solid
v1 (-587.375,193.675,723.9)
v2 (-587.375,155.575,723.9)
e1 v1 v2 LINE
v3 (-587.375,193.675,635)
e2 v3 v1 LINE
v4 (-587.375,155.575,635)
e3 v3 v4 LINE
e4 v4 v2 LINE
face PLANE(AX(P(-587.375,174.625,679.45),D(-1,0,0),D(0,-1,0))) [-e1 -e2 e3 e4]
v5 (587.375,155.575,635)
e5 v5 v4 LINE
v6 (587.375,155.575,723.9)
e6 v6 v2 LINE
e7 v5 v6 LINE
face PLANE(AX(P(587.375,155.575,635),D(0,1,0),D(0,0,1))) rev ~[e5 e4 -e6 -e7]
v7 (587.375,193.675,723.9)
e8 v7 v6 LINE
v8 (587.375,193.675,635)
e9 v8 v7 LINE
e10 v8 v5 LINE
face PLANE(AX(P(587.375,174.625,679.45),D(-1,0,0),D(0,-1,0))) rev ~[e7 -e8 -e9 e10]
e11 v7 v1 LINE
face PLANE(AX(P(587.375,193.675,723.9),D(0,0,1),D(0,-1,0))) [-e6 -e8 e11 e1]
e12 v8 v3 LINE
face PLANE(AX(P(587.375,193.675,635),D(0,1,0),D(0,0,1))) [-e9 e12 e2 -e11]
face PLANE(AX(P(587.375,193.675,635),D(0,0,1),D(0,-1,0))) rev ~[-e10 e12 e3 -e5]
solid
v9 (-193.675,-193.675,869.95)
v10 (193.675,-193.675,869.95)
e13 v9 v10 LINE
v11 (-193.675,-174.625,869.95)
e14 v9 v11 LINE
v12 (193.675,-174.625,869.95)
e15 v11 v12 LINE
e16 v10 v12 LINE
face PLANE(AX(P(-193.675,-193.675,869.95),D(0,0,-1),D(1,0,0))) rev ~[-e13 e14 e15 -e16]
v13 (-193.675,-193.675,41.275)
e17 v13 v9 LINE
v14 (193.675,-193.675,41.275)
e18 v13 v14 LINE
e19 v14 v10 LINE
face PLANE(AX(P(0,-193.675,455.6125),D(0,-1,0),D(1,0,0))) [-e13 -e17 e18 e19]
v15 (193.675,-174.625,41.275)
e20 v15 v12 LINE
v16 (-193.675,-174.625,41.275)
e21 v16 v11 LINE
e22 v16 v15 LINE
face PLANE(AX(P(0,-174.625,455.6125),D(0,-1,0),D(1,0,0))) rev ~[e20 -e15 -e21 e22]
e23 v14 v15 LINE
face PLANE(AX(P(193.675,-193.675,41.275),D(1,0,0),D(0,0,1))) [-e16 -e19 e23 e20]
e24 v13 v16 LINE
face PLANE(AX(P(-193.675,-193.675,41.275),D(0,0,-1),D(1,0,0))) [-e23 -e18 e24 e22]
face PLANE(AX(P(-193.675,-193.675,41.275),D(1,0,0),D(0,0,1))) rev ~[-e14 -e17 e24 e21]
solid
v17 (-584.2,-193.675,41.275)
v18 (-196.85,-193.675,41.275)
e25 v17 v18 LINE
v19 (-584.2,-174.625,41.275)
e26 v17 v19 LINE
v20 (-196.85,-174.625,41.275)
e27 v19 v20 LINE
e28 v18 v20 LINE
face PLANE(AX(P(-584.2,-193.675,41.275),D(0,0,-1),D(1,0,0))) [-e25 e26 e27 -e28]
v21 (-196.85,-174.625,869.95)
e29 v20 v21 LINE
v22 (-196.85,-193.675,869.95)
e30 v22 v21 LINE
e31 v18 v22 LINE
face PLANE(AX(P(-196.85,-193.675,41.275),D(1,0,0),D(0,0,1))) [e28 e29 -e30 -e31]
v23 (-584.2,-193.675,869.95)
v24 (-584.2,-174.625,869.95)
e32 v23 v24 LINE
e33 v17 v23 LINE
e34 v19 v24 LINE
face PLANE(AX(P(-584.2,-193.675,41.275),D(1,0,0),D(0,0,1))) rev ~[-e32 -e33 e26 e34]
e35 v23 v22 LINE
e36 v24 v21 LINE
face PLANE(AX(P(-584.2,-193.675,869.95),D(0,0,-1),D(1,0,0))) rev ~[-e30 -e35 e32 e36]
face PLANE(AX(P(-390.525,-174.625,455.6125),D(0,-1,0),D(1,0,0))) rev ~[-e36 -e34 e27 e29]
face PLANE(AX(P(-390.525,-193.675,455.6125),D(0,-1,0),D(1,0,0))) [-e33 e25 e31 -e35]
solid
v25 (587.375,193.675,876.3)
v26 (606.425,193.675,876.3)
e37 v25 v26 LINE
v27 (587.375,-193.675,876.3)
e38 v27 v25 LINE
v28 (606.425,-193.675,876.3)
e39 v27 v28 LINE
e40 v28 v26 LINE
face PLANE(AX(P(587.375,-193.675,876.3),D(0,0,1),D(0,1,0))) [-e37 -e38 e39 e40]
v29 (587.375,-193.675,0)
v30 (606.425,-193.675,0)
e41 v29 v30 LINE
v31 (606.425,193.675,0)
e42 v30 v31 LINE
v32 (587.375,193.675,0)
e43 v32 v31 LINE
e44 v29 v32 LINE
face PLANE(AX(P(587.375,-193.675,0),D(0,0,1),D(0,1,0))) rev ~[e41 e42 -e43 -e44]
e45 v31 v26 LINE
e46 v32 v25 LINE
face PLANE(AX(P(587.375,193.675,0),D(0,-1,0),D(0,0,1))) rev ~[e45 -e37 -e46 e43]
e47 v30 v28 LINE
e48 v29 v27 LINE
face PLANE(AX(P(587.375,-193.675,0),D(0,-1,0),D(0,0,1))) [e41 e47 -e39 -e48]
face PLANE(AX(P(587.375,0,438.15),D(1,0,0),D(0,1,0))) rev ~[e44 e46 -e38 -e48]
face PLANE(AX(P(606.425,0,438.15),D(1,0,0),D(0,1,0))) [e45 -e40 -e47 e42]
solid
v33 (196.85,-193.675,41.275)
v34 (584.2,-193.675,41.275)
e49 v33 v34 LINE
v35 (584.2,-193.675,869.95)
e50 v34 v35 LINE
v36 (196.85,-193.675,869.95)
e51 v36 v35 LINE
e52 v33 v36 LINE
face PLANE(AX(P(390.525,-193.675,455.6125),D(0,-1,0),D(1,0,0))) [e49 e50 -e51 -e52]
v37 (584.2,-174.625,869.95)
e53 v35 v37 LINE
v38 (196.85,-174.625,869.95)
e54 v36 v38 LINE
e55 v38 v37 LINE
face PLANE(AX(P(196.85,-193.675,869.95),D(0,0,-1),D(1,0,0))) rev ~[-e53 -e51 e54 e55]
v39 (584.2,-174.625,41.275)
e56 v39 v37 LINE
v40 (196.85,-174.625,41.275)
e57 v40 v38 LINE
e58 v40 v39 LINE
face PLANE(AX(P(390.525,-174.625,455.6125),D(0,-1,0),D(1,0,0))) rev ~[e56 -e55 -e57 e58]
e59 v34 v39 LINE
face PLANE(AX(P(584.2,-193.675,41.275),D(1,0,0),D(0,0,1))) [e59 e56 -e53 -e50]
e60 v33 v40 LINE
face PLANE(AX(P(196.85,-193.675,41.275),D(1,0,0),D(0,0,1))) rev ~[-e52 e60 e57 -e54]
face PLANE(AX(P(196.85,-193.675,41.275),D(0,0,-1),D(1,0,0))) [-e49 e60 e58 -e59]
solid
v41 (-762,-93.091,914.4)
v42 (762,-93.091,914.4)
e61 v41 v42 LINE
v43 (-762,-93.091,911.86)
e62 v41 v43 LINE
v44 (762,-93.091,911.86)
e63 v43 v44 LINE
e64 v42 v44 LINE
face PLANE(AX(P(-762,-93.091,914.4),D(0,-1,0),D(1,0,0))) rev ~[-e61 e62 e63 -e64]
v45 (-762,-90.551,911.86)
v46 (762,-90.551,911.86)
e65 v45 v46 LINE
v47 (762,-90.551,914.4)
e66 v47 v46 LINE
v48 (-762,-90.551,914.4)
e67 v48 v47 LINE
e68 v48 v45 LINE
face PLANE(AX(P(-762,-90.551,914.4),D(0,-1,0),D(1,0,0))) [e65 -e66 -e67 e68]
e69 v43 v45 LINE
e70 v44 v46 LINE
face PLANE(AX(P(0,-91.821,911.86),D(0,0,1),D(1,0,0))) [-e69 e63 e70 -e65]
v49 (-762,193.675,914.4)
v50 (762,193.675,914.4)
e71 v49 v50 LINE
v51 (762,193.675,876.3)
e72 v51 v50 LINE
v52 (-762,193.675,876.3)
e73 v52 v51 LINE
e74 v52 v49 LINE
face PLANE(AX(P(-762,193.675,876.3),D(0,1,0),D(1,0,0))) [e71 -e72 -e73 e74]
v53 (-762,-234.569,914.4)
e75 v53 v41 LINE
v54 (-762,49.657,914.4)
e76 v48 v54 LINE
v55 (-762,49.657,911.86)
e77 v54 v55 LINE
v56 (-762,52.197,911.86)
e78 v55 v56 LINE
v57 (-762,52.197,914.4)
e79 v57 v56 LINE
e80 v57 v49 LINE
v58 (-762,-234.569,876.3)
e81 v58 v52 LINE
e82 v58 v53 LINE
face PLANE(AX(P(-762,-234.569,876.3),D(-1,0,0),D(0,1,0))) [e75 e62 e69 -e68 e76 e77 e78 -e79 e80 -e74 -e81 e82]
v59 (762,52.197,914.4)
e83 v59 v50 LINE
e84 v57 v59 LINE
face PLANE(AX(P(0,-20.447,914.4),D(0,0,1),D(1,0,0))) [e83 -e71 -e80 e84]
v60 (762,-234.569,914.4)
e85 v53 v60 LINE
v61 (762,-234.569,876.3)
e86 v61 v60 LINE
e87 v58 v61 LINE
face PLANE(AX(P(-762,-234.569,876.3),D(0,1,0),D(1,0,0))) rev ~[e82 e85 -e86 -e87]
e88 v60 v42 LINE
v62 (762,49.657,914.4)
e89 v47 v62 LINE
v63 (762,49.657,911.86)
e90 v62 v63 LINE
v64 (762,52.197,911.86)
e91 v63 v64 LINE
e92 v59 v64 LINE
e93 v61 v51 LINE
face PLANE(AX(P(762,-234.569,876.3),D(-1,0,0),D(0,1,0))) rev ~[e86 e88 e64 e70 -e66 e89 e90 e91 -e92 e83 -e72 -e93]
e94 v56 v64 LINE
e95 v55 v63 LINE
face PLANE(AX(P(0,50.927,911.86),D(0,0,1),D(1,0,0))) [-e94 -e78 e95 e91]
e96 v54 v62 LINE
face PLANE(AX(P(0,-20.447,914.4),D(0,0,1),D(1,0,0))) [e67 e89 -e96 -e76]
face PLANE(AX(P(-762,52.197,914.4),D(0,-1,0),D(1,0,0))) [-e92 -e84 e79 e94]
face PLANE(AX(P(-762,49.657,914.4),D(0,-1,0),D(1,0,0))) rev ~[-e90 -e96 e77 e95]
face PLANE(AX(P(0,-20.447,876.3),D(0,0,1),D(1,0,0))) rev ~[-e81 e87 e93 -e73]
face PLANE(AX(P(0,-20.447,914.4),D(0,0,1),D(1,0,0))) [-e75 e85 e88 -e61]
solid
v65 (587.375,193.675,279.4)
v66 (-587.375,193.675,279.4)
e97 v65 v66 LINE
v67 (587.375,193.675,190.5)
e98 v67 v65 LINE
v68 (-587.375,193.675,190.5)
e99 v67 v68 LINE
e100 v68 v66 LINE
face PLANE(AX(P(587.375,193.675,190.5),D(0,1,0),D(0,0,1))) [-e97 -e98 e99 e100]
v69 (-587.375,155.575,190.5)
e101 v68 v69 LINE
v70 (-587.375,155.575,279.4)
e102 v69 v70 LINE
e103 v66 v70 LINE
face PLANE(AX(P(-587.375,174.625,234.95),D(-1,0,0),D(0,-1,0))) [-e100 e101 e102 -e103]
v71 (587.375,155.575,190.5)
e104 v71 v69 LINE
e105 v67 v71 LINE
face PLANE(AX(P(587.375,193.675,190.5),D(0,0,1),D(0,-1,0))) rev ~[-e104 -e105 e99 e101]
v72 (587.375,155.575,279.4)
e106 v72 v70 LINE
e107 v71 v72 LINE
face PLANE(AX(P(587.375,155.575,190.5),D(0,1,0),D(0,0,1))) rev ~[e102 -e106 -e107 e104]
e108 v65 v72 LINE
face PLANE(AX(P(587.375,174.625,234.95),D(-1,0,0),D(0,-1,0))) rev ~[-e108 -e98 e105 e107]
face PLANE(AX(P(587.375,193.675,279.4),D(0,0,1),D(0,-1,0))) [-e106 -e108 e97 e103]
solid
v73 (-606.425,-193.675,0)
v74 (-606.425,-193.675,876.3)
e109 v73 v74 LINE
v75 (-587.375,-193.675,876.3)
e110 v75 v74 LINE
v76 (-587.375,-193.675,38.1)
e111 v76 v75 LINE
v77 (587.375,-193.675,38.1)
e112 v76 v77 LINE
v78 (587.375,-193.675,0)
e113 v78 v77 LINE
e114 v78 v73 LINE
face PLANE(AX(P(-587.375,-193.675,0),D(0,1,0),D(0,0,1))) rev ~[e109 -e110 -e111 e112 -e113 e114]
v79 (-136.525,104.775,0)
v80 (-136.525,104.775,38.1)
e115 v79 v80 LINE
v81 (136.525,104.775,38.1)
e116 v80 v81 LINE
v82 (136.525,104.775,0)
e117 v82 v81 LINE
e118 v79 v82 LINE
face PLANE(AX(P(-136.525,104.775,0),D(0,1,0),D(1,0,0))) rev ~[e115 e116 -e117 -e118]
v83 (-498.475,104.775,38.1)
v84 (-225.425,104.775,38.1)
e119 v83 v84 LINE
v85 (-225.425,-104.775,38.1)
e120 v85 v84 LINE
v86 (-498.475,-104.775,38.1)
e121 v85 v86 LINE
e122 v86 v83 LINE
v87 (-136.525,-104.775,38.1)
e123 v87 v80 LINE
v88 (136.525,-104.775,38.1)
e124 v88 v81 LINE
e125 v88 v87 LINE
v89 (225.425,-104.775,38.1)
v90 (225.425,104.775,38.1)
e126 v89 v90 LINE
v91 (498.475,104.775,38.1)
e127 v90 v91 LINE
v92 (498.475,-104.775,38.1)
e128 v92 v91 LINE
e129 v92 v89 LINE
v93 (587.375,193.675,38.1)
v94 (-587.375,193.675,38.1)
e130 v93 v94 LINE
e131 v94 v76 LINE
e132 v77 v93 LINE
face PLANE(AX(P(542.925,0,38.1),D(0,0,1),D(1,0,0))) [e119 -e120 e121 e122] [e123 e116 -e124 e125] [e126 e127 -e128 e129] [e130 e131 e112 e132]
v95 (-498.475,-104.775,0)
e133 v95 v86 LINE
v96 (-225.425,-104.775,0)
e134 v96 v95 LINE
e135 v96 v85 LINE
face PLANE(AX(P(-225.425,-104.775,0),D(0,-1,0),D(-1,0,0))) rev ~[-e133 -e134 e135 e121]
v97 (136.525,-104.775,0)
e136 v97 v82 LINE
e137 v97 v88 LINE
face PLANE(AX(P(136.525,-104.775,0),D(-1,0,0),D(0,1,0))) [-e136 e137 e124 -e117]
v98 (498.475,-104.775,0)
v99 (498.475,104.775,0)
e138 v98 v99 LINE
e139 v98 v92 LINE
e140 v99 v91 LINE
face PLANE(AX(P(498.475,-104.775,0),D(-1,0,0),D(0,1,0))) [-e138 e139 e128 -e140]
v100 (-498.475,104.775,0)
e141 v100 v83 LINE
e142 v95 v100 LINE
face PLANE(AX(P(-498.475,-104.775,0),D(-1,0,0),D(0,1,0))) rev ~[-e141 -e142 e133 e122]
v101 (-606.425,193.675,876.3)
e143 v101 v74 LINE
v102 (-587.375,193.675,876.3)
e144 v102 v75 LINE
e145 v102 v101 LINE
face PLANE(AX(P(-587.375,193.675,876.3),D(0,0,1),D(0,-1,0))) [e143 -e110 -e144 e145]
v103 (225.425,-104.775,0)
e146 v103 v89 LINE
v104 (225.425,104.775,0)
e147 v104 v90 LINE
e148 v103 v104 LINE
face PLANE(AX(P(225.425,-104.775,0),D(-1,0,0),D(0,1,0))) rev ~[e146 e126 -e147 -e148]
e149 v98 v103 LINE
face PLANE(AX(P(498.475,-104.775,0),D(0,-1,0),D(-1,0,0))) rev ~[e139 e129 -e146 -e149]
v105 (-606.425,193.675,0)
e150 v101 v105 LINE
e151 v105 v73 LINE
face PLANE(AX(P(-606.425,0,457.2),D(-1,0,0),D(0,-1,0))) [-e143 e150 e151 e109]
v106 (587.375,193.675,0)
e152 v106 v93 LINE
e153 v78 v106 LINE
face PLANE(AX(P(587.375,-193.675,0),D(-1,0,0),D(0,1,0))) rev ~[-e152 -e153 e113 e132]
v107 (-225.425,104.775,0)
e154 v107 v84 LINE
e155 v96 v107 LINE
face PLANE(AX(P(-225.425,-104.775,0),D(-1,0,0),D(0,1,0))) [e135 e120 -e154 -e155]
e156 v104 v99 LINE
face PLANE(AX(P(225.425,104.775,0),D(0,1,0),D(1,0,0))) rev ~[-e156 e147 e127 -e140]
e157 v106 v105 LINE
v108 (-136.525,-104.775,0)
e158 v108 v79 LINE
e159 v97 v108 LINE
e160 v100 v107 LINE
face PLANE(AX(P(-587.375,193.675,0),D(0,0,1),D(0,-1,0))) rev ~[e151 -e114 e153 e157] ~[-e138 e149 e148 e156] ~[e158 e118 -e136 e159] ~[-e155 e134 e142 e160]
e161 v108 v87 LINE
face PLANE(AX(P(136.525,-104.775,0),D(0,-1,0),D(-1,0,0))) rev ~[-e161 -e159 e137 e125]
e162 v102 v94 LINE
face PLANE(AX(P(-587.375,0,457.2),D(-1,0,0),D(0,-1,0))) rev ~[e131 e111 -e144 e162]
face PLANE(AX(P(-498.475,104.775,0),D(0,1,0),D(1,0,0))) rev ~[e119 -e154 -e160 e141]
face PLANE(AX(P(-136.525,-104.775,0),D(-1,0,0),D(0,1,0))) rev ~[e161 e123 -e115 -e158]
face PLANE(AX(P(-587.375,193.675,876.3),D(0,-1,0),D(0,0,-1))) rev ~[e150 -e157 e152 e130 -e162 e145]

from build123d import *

# Parameters (mm, degrees)
F0_W      = 88.9
F0_H      = 209.55
F1_DEPTH  = 38.1
F2_W      = 387.35
F2_H      = 838.2
F2_H_2    = 38.1
F3_DEPTH  = 19.05
F4_W      = 387.35
F4_H      = 876.3
F5_DEPTH  = 19.05
F6_W      = 1524
F6_H      = 428.244
F7_DEPTH  = 38.1
F8_W      = 387.35
F8_H      = 828.675
F9_DEPTH  = 19.05
F10_W     = 1524
F10_H     = 2.54
F11_DEPTH = 2.54
F12_W     = 38.1
F12_H     = 88.9
F13_DEPTH = 1174.75


with BuildPart() as f1:
    # F0 (on Top) → F1 (new body)
    with BuildSketch(Plane.XY):
        with Locations((542.925, 0)):
            Rectangle(F0_W, F0_H)
        Polygon((587.375, 193.675), (-587.375, 193.675), (-587.375, 104.775), (-498.475, 104.775), (-225.425, 104.775), (-136.525, 104.775), (136.525, 104.775), (225.425, 104.775), (498.475, 104.775), (587.375, 104.775), align=None)
        with Locations((-542.925, 0)):
            Rectangle(F0_W, F0_H)
        Polygon((-498.475, -104.775), (-587.375, -104.775), (-587.375, -193.675), (587.375, -193.675), (587.375, -104.775), (498.475, -104.775), (225.425, -104.775), (136.525, -104.775), (-136.525, -104.775), (-225.425, -104.775), align=None)
        with Locations((180.975, 0)):
            Rectangle(F0_W, F0_H)
        with Locations((-180.975, 0)):
            Rectangle(F0_W, F0_H)
    extrude(amount=F1_DEPTH)

    # F2 (on face) → F3 (join)
    with BuildSketch(Plane(origin=(-587.375, 0, 0), x_dir=(0, -1, 0), z_dir=(-1, 0, 0))):
        with Locations((0, 457.2)):
            Rectangle(F2_W, F2_H)
        with Locations((0, 19.05)):
            Rectangle(F2_W, F2_H_2)
    extrude(amount=F3_DEPTH)


with BuildPart() as f5:
    # F4 (on face) → F5 (new body)
    with BuildSketch(Plane.YZ.offset(587.375)):
        with Locations((0, 438.15)):
            Rectangle(F4_W, F4_H)
    extrude(amount=F5_DEPTH)


with BuildPart() as f7:
    # F6 (on face) → F7 (new body)
    with BuildSketch(Plane.XY.offset(876.3)):
        with Locations((0, -20.447)):
            Rectangle(F6_W, F6_H)
    extrude(amount=F7_DEPTH)

    # F10 (on face) → F11 (cut)
    with BuildSketch(Plane.XY.offset(914.4)):
        with Locations((0, 50.927)):
            Rectangle(F10_W, F10_H)
        with Locations((0, -91.821)):
            Rectangle(F10_W, F10_H)
    extrude(amount=-F11_DEPTH, mode=Mode.SUBTRACT)


with BuildPart() as f9:
    # F8 (on face) → F9 (new body)
    with BuildSketch(Plane.XZ.offset(193.675)):
        with Locations((-390.525, 455.6125)):
            Rectangle(F8_W, F8_H)
    extrude(amount=-F9_DEPTH)


with BuildPart() as f9b:
    # F8 (on face) → F9, piece 2 (new body)
    with BuildSketch(Plane.XZ.offset(193.675)):
        with Locations((390.525, 455.6125)):
            Rectangle(F8_W, F8_H)
    extrude(amount=-F9_DEPTH)


with BuildPart() as f9c:
    # F8 (on face) → F9, piece 3 (new body)
    with BuildSketch(Plane.XZ.offset(193.675)):
        with Locations((0, 455.6125)):
            Rectangle(F8_W, F8_H)
    extrude(amount=-F9_DEPTH)


with BuildPart() as f13:
    # F12 (on face) → F13 (new body, through all)
    with BuildSketch(Plane(origin=(587.375, 0, 0), x_dir=(0, -1, 0), z_dir=(-1, 0, 0))):
        with Locations((-174.625, 234.95)):
            Rectangle(F12_W, F12_H)
    extrude(amount=F13_DEPTH)


with BuildPart() as f13b:
    # F12 (on face) → F13, piece 2 (new body, through all)
    with BuildSketch(Plane(origin=(587.375, 0, 0), x_dir=(0, -1, 0), z_dir=(-1, 0, 0))):
        with Locations((-174.625, 679.45)):
            Rectangle(F12_W, F12_H)
    extrude(amount=F13_DEPTH)


solid = Compound([f1.part, f5.part, f7.part, f9.part, f9b.part, f9c.part, f13.part, f13b.part])
